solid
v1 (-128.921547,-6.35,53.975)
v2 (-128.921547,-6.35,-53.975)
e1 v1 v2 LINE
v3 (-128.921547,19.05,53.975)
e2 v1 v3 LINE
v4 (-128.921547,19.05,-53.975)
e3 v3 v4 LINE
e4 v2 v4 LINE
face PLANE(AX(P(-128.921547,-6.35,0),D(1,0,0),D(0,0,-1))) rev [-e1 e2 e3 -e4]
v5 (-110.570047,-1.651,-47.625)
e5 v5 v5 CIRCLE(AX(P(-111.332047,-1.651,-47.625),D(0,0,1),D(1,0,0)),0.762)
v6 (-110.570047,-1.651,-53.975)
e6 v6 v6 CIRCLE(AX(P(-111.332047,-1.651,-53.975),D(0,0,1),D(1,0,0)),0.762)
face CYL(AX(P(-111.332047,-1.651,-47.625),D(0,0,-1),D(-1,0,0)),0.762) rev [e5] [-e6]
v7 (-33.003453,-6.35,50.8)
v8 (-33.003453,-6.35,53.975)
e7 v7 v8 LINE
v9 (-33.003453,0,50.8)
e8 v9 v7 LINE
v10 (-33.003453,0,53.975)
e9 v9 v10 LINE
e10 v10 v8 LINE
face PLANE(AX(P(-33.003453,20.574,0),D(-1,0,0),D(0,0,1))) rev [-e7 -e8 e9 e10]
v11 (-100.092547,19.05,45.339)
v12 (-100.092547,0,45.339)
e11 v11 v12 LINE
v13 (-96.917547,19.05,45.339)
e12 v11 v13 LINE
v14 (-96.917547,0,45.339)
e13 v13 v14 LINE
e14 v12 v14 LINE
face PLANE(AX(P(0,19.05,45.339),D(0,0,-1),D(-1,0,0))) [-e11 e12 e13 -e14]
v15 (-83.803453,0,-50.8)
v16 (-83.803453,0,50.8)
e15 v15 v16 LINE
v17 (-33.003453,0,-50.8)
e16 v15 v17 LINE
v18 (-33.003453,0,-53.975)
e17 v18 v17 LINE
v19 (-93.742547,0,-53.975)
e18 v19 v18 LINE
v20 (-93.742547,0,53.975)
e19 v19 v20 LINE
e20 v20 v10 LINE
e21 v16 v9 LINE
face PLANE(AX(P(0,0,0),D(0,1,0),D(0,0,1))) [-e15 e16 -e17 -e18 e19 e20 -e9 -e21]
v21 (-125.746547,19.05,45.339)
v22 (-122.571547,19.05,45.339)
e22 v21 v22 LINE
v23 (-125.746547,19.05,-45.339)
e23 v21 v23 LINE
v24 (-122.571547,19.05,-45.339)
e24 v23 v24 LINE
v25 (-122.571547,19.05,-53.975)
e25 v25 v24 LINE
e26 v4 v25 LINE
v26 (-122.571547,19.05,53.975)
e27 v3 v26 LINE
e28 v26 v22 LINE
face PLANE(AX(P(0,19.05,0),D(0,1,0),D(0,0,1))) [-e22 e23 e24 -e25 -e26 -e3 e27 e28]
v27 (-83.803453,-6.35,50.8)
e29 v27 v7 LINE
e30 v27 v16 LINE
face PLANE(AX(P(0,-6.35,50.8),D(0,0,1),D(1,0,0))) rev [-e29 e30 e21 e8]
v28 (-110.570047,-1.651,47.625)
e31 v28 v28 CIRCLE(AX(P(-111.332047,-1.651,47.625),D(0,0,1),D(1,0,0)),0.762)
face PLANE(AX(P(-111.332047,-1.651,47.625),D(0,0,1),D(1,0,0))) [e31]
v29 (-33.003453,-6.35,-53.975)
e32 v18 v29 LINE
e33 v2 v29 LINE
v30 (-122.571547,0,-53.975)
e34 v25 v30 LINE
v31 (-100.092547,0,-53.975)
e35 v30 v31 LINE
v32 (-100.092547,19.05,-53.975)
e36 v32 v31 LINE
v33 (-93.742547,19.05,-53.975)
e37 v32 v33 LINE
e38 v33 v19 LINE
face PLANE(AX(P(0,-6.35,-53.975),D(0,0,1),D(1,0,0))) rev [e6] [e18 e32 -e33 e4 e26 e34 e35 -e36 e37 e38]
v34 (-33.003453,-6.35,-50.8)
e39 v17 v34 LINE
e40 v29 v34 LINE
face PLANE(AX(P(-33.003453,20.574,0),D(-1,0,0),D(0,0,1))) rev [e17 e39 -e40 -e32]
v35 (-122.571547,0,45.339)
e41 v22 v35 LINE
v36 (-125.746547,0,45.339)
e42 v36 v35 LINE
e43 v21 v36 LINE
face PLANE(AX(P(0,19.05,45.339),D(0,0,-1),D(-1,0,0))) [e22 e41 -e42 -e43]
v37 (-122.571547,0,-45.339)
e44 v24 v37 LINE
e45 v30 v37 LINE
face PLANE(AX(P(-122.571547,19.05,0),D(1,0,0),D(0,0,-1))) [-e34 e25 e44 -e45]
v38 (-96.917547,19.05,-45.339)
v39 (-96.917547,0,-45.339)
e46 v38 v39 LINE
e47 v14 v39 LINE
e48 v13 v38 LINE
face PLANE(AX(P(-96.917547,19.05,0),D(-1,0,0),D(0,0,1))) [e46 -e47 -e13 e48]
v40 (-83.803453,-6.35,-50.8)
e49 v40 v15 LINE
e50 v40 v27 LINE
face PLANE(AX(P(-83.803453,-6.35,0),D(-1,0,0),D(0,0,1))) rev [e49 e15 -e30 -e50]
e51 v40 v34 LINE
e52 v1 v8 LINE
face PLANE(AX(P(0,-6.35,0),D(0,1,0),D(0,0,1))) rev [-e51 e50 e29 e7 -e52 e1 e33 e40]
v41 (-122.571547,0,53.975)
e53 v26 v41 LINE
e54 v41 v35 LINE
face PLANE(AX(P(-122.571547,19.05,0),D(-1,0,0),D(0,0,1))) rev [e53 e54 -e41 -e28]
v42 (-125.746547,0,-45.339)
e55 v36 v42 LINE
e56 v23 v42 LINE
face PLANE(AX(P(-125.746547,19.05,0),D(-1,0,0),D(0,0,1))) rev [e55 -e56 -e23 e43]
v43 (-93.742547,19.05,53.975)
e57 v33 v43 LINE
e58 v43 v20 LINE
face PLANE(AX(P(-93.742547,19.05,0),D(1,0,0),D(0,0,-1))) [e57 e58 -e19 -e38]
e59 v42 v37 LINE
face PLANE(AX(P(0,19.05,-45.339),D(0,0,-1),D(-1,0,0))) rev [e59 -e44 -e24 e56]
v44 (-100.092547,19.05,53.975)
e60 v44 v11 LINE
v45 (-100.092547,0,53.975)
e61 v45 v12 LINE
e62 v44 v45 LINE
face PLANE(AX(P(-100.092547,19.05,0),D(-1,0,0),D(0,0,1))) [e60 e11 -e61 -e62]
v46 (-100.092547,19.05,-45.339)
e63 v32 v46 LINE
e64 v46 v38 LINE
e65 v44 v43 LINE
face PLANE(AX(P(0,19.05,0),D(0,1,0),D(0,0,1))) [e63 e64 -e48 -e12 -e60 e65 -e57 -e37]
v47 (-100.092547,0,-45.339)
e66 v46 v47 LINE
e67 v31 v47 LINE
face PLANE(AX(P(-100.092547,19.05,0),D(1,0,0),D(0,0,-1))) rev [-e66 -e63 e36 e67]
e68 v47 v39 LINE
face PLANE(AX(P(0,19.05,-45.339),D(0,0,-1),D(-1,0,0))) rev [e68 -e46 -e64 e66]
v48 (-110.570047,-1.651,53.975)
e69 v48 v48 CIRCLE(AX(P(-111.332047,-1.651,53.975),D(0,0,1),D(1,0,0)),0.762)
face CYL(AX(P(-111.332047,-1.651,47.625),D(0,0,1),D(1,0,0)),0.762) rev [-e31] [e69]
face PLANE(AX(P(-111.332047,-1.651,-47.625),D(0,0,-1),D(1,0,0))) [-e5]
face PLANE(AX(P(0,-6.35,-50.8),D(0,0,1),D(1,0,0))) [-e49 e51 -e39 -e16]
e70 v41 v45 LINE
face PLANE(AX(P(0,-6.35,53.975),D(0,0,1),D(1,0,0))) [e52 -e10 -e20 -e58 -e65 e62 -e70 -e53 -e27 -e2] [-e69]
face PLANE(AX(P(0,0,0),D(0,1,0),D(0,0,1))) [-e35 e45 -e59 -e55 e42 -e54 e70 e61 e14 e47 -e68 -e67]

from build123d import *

# Parameters (mm, degrees)
SKETCH1_W               = 257.843094768
SKETCH1_H               = 107.95
BOSS_EXTRUDE1_DEPTH     = 6.35
BOSS_EXTRUDE2_DEPTH     = 19.05
SKETCH3_R               = 0.762
CUT_EXTRUDE1_DEPTH      = 6.35
SKETCH4_W               = 101.6
SKETCH4_H               = 101.6
CUT_EXTRUDE2_DEPTH      = 6.35
CUT_EXTRUDE3_DEPTH      = 20.574
CUT_EXTRUDE3_DEPTH_BACK = 86.614


with BuildPart() as part:
    # Sketch1 → Boss-Extrude1 (new body)
    with BuildSketch(Plane(origin=(0, 0, 0), x_dir=(1, 0, 0), z_dir=(0, 1, 0))):
        Rectangle(SKETCH1_W, SKETCH1_H)
    extrude(amount=-BOSS_EXTRUDE1_DEPTH)

    # Sketch1<3> → Boss-Extrude2 (add)
    with BuildSketch(Plane(origin=(0, 0, 0), x_dir=(1, 0, 0), z_dir=(0, 1, 0))):
        Polygon((-128.921547384, -53.975), (-122.571547384, -53.975), (-122.571547384, -45.339), (-125.746547384, -45.339), (-125.746547384, 45.339), (-122.571547384, 45.339), (-122.571547384, 53.975), (-128.921547384, 53.975), align=None)
        Polygon((-100.092547384, -45.339), (-100.092547384, -53.975), (-93.742547384, -53.975), (-93.742547384, 53.975), (-100.092547384, 53.975), (-100.092547384, 45.339), (-96.917547384, 45.339), (-96.917547384, -45.339), align=None)
    extrude(amount=BOSS_EXTRUDE2_DEPTH)

    # Sketch3 → Cut-Extrude1 (cut)
    with BuildSketch(Plane.XY.offset(53.975)):
        with Locations((-111.332047384, -1.651)):
            Circle(SKETCH3_R)
    cut_extrude1 = extrude(amount=-CUT_EXTRUDE1_DEPTH, mode=Mode.SUBTRACT)

    # Mirror1: Cut-Extrude1 across plane
    add(cut_extrude1.mirror(Plane.XY), mode=Mode.SUBTRACT)

    # Sketch4 → Cut-Extrude2 (cut)
    with BuildSketch(Plane(origin=(0, 0, 0), x_dir=(1, 0, 0), z_dir=(0, 1, 0))):
        with Locations((-33.003452616, 0)):
            Rectangle(SKETCH4_W, SKETCH4_H)
    extrude(amount=-CUT_EXTRUDE2_DEPTH, mode=Mode.SUBTRACT)

    # Sketch5 → Cut-Extrude3 (cut, two sides: drawn at the far end of the back side and taken through both)
    with BuildSketch(Plane(origin=(0, 0, 0), x_dir=(1, 0, 0), z_dir=(0, 1, 0)).offset(-CUT_EXTRUDE3_DEPTH_BACK)):
        Polygon((-33.003452616, 81.208415926), (-33.003452616, 50.8), (-33.003452616, -61.928851746), (144.325230391, -61.928851746), (144.325230391, 81.208415926), align=None)
    extrude(amount=CUT_EXTRUDE3_DEPTH + CUT_EXTRUDE3_DEPTH_BACK, mode=Mode.SUBTRACT)


solid = part.part
